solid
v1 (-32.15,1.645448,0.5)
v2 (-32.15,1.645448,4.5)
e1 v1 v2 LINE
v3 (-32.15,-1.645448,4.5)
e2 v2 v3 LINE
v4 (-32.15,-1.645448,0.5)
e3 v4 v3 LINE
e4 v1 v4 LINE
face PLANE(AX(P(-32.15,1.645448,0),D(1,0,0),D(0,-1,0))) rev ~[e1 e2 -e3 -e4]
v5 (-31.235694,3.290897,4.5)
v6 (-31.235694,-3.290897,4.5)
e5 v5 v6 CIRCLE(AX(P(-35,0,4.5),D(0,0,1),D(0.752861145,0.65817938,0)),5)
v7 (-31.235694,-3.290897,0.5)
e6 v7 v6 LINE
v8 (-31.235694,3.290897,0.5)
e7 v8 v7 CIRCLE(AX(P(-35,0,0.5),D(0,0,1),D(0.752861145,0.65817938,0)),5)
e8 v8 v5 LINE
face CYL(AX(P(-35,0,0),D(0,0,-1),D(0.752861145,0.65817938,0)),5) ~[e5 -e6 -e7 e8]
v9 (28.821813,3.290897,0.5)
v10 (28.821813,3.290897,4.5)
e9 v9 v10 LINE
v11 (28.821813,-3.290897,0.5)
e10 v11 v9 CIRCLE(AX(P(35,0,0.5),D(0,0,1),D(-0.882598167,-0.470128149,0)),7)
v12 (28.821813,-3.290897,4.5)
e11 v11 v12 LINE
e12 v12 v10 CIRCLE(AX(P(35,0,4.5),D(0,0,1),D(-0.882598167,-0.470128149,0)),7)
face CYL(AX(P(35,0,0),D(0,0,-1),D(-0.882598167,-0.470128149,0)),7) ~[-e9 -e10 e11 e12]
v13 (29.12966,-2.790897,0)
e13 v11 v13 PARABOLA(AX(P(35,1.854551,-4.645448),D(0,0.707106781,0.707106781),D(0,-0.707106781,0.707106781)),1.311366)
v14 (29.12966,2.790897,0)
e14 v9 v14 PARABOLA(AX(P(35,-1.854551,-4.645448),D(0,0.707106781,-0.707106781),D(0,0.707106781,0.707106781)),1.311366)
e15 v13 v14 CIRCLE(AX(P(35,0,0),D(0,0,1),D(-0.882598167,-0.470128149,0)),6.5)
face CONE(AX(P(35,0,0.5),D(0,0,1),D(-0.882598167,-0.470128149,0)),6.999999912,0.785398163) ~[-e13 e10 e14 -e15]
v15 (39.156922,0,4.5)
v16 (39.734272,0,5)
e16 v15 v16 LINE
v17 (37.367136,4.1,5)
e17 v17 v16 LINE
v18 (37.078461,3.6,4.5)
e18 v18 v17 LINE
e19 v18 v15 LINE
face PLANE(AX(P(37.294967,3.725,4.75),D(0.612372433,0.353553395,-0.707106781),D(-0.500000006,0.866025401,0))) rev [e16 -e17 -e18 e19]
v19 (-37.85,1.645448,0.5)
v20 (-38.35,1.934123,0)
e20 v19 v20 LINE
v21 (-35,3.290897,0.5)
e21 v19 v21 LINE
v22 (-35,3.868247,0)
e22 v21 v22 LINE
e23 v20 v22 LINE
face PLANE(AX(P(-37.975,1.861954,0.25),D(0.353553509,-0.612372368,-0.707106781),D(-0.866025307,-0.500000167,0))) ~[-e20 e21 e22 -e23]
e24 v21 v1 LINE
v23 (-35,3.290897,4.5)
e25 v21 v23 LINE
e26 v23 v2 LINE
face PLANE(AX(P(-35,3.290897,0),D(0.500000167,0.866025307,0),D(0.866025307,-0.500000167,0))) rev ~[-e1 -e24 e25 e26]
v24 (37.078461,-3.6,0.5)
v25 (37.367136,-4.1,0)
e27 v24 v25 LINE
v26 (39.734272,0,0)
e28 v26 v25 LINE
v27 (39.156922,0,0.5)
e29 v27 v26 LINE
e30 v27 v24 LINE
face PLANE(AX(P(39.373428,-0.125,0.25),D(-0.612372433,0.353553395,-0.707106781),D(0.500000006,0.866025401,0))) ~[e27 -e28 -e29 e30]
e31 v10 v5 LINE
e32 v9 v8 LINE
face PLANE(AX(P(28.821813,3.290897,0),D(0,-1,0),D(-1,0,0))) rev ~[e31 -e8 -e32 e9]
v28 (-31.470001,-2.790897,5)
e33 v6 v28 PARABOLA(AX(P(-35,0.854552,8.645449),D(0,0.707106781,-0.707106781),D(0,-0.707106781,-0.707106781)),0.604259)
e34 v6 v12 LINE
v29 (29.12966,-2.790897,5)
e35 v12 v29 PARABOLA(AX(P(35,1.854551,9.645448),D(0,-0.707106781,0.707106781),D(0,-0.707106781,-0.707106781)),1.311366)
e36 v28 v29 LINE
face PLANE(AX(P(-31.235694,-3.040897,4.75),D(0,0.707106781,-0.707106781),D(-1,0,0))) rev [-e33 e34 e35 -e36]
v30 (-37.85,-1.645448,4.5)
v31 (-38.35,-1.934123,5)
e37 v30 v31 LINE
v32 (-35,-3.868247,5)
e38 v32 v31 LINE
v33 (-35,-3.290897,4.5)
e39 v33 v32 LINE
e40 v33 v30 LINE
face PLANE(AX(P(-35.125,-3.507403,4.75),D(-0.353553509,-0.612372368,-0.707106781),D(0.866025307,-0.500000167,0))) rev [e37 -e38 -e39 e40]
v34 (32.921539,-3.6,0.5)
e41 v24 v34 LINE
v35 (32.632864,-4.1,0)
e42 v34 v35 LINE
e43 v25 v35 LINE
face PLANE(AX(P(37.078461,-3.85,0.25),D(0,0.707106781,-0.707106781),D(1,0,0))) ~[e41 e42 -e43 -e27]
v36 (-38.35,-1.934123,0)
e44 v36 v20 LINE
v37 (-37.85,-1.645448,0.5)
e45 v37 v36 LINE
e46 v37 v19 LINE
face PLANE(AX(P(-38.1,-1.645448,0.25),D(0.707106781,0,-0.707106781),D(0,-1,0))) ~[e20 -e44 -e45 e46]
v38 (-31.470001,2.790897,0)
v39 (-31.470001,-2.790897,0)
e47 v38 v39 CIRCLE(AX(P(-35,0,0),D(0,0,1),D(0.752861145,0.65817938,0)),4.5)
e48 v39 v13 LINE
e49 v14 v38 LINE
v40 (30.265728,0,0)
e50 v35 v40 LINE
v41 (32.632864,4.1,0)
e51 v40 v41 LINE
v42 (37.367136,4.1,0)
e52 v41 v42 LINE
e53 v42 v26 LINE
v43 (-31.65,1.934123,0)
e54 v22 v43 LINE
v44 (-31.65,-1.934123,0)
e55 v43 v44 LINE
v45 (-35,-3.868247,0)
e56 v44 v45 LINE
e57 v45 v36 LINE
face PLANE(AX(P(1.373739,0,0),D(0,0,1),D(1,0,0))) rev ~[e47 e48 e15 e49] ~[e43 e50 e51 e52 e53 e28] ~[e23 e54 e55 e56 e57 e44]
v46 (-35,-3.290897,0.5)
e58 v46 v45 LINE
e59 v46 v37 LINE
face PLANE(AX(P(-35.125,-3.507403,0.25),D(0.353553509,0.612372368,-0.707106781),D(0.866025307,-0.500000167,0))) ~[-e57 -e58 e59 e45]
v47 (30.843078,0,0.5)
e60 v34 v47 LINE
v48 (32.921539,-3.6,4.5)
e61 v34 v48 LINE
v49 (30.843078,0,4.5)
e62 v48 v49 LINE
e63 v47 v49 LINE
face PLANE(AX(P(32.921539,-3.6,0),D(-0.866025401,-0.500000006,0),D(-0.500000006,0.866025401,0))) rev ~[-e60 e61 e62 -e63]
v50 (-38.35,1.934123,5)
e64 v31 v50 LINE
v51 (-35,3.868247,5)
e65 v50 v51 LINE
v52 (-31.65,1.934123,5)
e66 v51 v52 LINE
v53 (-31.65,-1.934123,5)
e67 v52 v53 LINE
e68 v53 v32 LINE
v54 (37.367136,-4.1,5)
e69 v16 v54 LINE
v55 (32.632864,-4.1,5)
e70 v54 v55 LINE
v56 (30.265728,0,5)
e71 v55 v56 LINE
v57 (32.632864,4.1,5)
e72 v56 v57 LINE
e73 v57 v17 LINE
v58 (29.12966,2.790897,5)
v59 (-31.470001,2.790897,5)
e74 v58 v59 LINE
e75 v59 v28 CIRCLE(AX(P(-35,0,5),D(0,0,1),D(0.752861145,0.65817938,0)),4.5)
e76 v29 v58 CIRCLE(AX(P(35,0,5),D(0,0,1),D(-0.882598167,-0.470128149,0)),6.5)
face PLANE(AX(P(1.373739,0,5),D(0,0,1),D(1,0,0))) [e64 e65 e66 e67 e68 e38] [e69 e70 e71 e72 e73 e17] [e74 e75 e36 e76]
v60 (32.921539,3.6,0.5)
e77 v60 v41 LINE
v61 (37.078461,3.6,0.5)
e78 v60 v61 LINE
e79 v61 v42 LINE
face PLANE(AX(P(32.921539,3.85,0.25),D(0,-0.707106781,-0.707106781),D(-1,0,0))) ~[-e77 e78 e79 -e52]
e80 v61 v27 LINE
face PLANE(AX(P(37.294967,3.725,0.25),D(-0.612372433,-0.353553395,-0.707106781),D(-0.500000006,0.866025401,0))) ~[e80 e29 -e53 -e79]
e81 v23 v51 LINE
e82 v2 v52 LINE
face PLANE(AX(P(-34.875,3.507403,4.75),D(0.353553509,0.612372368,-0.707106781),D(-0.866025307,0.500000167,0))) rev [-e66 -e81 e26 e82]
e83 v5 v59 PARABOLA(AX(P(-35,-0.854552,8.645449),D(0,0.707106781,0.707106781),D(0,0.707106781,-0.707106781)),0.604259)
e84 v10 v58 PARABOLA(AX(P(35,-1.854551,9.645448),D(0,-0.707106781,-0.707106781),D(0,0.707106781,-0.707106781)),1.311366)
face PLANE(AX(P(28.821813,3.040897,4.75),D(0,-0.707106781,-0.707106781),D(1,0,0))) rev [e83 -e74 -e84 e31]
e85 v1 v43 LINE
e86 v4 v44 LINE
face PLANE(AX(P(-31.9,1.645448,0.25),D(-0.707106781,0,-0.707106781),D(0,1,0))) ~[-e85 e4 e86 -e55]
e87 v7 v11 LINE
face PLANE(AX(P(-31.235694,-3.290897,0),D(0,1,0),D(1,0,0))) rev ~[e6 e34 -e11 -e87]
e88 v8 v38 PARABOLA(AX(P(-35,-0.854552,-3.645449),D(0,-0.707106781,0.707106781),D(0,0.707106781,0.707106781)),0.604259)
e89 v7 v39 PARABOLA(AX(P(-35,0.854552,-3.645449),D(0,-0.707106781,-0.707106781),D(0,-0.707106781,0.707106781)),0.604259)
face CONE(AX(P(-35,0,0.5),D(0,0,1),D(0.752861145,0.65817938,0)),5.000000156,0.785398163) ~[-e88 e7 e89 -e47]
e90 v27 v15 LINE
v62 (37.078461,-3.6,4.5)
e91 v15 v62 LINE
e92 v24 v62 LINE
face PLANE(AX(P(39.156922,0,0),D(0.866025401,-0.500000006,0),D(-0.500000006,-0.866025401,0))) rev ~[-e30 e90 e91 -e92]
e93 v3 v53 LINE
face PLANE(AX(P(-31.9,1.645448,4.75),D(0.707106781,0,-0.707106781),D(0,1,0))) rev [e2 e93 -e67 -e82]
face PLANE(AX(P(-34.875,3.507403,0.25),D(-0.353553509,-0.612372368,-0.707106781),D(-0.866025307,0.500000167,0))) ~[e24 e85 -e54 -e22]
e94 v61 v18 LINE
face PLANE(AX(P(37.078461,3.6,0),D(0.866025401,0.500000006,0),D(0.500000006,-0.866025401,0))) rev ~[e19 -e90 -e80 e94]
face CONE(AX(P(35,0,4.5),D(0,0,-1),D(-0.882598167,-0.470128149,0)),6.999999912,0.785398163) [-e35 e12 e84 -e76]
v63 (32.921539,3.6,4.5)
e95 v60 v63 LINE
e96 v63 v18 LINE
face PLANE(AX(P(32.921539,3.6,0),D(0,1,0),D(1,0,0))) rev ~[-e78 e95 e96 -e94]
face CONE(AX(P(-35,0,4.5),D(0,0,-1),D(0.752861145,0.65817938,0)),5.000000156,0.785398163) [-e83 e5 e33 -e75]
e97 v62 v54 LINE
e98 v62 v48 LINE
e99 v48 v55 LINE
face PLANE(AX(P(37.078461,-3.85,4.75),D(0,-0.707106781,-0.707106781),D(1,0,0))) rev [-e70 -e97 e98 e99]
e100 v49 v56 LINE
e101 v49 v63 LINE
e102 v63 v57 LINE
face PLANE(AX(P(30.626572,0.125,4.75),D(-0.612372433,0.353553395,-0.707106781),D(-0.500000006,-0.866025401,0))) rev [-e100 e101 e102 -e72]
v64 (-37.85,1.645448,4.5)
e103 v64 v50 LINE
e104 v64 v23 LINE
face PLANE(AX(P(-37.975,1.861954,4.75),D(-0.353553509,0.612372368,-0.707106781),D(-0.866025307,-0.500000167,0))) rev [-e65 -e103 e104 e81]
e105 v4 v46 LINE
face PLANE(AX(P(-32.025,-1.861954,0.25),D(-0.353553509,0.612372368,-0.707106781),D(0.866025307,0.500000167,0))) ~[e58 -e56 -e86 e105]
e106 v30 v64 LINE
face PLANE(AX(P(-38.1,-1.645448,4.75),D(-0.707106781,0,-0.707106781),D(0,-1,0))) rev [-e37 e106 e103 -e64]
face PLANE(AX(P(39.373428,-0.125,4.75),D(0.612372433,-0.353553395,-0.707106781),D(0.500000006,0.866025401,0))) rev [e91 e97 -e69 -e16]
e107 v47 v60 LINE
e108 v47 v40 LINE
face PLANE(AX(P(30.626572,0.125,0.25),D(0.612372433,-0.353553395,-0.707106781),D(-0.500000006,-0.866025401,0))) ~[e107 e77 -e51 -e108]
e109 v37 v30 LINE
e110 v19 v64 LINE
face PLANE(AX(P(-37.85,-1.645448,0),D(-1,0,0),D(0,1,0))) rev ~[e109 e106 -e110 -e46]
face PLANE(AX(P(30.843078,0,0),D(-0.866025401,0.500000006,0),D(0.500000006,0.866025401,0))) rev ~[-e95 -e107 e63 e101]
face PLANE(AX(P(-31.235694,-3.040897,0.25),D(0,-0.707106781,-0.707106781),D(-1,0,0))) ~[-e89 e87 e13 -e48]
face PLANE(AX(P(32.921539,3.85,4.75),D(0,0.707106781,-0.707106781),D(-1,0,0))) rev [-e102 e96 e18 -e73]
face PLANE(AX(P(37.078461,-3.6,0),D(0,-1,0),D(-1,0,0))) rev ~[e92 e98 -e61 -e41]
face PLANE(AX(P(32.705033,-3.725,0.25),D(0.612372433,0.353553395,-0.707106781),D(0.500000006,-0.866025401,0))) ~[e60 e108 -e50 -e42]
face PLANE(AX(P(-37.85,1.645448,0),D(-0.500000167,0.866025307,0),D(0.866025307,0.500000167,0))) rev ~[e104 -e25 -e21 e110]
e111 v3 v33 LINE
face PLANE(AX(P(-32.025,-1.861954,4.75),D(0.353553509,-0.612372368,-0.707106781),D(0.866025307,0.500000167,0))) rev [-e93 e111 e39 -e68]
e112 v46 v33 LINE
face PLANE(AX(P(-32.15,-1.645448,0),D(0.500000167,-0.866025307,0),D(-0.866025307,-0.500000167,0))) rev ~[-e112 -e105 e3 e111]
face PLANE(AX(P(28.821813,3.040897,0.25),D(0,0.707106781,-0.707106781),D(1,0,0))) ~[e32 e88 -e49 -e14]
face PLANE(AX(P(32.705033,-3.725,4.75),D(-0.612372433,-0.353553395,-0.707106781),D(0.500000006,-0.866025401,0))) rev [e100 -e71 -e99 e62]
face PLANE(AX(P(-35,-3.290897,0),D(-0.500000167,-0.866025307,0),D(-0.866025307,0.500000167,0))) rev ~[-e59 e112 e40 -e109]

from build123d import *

# Parameters (mm, degrees)
F1_DEPTH = 5
F2_SIZE  = 0.5


with BuildPart() as f1:
    # F0 (on Top) → F1 (new body)
    with BuildSketch(Plane.XY):
        with BuildLine():
            Line((28.821813, 3.290897), (-31.235694, 3.290897))
            ThreePointArc((-31.235694, 3.290897), (-40, 0), (-31.235694, -3.290897))
            Line((-31.235694, -3.290897), (28.821813, -3.290897))
            ThreePointArc((28.821813, -3.290897), (42, 0), (28.821813, 3.290897))
        make_face()
        Polygon((-32.15, 1.645448), (-32.15, -1.645448), (-35, -3.290897), (-37.85, -1.645448), (-37.85, 1.645448), (-35, 3.290897), align=None, mode=Mode.SUBTRACT)
        Polygon((39.156922, 0), (37.078461, -3.6), (32.921539, -3.6), (30.843078, 0), (32.921539, 3.6), (37.078461, 3.6), align=None, mode=Mode.SUBTRACT)
    extrude(amount=F1_DEPTH)

    # F2
    f2_edges = [f1.edges().sort_by_distance(p)[0] for p in [
        (-36.425, 2.468172, 5),
        (-33.575, 2.468172, 5),
        (-32.15, 0, 5),
        (-33.575, -2.468172, 5),
        (-36.425, -2.468172, 5),
        (-37.85, 0, 5),
        (42, 0, 5),
        (-1.206941, 3.290897, 5),
        (-40, 0, 5),
        (-1.206941, -3.290897, 5),
        (35, 3.6, 5),
        (38.117691, 1.8, 5),
        (38.117691, -1.8, 5),
        (35, -3.6, 5),
        (31.882309, -1.8, 5),
        (31.882309, 1.8, 5),
        (42, 0, 0),
        (-1.206941, 3.290897, 0),
        (-40, 0, 0),
        (-1.206941, -3.290897, 0),
        (-33.575, 2.468172, 0),
        (-32.15, 0, 0),
        (-33.575, -2.468172, 0),
        (-36.425, -2.468172, 0),
        (-37.85, 0, 0),
        (-36.425, 2.468172, 0),
        (35, 3.6, 0),
        (38.117691, 1.8, 0),
        (38.117691, -1.8, 0),
        (35, -3.6, 0),
        (31.882309, -1.8, 0),
        (31.882309, 1.8, 0),
    ]]
    chamfer(f2_edges, length=F2_SIZE)


solid = f1.part
